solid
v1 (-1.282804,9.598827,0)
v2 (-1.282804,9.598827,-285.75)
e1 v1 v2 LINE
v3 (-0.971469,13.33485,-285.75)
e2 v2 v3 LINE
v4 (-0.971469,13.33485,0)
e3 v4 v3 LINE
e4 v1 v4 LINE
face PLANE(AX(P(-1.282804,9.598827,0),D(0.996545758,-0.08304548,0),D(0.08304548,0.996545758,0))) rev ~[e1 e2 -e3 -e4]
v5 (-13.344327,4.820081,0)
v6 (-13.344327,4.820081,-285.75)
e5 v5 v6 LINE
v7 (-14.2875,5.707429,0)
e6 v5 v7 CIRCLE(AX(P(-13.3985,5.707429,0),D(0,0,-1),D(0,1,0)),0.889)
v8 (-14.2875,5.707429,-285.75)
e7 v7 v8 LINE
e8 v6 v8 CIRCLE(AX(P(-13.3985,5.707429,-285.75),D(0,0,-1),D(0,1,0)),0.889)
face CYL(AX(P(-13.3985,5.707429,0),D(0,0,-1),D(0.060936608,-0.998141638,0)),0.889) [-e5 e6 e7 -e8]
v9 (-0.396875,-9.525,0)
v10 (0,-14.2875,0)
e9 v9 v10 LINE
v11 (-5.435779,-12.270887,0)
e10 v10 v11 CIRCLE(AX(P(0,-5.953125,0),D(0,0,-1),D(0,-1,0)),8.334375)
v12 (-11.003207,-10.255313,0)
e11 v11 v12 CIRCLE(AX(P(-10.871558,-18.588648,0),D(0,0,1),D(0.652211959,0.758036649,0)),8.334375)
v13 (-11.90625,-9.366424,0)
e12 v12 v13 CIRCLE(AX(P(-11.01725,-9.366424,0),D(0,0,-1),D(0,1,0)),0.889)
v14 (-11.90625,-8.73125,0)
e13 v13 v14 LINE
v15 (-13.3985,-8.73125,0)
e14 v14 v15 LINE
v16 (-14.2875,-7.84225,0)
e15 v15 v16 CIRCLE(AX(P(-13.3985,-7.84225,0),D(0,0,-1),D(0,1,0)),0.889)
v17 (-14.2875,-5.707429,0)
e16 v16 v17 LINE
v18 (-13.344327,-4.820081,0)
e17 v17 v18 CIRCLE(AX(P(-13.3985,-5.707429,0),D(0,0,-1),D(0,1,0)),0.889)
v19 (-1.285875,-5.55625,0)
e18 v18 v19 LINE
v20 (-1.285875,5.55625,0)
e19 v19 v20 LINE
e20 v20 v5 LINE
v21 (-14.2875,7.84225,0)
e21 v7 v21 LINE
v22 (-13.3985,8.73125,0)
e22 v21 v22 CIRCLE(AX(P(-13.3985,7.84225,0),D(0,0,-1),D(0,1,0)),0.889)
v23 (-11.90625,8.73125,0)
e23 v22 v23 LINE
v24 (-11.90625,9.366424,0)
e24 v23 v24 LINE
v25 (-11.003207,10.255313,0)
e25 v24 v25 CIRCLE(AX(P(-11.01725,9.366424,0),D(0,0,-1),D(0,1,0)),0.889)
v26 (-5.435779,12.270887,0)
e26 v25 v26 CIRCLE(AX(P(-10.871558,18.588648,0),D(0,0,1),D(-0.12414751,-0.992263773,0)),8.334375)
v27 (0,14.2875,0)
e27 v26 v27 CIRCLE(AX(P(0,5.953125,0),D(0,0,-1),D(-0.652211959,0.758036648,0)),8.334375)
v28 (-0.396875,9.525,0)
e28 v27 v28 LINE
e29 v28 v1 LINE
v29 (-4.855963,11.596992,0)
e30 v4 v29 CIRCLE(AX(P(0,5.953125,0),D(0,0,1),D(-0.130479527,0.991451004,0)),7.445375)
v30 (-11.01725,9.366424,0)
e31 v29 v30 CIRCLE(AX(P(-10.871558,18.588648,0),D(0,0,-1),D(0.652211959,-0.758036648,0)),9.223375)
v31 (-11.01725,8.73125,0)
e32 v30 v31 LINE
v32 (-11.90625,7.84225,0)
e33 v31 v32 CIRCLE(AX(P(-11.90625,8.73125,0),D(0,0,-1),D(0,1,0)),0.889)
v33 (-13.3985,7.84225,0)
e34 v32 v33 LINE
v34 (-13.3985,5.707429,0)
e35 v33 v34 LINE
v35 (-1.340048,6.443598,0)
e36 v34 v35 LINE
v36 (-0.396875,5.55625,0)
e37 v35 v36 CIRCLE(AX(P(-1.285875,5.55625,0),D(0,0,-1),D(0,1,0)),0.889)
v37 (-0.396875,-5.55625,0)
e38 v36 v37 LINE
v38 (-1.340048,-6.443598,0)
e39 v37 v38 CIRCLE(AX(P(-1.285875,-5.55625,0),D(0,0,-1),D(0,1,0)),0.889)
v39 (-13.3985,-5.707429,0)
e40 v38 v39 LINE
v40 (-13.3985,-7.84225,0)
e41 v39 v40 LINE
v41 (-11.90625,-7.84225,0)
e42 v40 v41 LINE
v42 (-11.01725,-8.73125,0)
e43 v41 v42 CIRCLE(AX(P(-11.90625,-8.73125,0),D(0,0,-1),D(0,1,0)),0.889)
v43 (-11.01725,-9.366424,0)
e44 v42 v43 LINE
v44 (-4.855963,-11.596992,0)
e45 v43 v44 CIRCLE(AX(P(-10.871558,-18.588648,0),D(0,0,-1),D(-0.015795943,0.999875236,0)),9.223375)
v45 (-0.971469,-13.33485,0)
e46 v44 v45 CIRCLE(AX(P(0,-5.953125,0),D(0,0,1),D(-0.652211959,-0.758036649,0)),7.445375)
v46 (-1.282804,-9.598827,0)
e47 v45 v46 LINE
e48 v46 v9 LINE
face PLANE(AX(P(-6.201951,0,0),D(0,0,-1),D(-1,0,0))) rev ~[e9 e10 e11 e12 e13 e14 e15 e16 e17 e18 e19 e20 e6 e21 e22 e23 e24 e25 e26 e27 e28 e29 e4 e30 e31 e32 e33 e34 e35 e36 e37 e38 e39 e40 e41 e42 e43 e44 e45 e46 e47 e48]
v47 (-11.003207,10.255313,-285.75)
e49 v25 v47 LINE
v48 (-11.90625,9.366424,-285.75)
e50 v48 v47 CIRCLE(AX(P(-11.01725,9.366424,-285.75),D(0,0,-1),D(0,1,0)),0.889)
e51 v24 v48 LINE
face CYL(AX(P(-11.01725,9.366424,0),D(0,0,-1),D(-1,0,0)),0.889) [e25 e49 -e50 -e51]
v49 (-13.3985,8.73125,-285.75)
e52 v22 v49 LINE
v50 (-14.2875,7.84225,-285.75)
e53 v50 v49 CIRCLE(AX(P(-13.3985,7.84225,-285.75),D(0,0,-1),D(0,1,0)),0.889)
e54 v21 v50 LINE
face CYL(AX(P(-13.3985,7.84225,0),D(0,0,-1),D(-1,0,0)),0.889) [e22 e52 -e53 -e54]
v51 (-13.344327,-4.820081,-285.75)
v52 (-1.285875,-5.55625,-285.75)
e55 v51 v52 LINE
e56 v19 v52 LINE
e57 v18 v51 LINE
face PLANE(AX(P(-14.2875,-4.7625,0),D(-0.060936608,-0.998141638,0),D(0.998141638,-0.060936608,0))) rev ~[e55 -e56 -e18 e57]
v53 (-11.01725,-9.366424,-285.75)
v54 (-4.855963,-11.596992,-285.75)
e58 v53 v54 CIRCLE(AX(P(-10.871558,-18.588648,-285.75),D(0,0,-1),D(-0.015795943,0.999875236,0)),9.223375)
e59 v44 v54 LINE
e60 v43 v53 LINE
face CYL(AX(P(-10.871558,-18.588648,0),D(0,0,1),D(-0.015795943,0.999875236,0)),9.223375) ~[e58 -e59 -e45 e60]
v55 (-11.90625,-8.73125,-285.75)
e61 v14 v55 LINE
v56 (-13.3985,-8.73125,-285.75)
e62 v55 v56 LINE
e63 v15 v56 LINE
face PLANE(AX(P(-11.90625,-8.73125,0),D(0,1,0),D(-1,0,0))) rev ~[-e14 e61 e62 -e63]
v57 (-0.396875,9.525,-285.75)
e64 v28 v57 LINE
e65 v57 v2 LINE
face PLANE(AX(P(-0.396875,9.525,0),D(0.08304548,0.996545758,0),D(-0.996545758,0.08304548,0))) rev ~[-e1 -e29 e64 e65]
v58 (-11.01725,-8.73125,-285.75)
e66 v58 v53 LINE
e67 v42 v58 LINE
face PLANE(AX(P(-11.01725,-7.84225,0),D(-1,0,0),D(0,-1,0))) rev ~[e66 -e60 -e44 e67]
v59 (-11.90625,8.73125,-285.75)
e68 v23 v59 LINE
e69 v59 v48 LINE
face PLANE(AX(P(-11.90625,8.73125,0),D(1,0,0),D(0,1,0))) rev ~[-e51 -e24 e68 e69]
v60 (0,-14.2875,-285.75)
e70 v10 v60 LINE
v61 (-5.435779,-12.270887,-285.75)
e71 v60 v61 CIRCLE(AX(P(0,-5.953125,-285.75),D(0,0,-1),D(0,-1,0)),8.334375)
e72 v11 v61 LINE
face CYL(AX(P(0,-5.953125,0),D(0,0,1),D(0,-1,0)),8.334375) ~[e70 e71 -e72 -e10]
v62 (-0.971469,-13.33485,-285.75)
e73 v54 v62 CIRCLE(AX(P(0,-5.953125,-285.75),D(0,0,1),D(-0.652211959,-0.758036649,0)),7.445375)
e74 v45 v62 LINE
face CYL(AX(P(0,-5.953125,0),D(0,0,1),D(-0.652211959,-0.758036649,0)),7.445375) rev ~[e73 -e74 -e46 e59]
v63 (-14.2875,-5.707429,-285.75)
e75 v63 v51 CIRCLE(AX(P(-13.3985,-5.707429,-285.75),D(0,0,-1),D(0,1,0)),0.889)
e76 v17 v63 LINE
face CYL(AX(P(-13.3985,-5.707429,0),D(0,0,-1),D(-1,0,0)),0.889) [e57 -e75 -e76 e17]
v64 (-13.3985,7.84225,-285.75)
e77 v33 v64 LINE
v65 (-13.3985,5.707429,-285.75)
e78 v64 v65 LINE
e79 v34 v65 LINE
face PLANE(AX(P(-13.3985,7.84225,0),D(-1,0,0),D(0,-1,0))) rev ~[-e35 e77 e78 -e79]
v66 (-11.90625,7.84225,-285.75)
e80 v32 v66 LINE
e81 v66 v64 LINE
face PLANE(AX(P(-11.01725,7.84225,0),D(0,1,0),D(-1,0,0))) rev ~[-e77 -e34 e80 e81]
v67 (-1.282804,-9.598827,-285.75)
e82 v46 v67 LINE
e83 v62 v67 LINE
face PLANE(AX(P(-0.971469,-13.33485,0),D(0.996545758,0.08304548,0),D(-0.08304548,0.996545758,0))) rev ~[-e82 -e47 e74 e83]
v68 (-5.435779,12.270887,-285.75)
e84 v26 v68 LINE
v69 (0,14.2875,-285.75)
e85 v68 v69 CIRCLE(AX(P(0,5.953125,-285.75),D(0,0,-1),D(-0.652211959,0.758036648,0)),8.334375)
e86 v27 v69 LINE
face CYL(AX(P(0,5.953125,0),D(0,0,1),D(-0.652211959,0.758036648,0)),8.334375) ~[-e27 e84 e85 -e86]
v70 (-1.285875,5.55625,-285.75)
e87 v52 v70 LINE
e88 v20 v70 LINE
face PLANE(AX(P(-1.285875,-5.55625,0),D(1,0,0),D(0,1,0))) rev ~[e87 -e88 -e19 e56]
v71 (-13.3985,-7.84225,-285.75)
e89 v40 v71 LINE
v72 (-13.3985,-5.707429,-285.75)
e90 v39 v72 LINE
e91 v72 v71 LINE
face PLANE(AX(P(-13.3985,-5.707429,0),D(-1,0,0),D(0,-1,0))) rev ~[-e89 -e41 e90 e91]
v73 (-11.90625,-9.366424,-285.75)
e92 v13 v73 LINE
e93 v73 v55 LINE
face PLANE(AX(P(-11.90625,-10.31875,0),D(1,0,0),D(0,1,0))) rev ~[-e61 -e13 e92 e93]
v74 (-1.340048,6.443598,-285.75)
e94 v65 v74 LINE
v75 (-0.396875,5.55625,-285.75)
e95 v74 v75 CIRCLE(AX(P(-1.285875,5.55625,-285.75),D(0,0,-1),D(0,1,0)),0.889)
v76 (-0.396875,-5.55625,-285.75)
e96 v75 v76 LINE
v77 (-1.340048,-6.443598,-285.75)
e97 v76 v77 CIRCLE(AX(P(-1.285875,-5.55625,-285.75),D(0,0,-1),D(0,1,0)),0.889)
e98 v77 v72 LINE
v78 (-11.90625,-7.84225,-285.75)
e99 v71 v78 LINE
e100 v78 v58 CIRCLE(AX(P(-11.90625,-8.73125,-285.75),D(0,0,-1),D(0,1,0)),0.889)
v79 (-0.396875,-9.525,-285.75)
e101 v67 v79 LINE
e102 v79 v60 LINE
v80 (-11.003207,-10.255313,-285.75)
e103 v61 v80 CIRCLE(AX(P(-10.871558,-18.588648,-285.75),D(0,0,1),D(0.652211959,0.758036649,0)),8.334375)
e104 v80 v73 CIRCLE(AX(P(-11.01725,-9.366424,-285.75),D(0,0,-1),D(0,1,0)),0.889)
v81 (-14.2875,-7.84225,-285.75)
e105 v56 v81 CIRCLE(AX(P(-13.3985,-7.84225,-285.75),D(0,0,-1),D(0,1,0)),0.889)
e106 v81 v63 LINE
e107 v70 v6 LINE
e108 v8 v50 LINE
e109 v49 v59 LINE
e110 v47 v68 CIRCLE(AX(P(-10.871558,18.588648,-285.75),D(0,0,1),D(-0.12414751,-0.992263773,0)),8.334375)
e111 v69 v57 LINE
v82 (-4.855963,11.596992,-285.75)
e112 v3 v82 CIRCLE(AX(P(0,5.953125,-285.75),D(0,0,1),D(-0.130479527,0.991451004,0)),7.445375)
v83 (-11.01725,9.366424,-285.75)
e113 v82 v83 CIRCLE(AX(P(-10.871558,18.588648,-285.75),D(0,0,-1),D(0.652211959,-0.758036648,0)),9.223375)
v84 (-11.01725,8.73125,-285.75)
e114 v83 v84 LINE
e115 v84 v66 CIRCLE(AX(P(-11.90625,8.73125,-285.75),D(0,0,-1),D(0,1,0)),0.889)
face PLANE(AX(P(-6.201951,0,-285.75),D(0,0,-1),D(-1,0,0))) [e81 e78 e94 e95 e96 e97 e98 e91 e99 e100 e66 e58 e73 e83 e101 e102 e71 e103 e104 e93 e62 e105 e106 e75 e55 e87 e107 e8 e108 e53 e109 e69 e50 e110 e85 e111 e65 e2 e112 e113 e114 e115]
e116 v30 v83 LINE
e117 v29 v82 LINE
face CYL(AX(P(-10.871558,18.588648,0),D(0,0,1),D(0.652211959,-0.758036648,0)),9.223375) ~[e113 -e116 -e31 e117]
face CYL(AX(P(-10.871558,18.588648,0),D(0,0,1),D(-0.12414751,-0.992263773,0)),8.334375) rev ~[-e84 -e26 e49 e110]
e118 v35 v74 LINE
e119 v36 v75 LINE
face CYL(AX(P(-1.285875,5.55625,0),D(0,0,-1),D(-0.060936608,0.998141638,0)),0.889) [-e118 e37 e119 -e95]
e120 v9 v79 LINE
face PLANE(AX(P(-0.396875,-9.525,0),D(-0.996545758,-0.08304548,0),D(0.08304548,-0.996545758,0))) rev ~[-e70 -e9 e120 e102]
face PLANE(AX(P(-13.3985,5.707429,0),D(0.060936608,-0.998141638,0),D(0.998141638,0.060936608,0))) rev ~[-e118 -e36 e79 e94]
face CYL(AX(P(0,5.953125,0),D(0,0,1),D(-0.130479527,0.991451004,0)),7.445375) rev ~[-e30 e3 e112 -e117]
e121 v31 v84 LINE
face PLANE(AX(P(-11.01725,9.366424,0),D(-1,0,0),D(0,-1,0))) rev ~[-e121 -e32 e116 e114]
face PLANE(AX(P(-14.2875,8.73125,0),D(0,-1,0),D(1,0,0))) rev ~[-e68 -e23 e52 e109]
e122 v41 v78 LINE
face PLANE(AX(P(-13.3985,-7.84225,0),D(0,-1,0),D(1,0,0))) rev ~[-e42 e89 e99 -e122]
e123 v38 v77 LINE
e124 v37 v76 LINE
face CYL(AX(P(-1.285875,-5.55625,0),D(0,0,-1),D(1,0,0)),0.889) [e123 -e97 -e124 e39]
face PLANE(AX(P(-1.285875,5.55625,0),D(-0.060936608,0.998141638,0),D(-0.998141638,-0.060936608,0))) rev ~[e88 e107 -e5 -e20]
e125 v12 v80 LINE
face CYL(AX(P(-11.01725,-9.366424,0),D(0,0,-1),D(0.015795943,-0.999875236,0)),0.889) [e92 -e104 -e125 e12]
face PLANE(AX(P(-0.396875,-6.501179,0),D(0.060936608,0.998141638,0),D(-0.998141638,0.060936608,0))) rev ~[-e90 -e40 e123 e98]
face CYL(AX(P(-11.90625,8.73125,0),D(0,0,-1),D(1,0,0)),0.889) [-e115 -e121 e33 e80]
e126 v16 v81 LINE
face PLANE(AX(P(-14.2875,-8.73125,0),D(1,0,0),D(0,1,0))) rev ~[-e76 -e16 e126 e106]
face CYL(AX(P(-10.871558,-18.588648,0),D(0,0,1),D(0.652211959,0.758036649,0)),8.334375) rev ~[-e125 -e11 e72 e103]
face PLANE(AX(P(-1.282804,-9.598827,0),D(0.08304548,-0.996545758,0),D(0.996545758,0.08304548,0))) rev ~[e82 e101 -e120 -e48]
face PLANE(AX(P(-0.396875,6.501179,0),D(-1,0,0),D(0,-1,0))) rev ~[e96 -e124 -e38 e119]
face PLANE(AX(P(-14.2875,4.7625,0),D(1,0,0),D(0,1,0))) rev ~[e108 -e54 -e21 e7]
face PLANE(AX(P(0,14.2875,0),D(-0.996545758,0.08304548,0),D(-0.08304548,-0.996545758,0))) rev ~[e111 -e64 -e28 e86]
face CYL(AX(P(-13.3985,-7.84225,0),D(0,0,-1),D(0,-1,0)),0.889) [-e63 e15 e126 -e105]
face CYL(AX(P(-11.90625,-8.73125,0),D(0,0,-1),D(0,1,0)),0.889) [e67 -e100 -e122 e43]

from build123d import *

# Parameters (mm, degrees)
EXTRUDE_THIN1_DEPTH = 285.75
FILLET1_R           = 0.889


with BuildPart() as part:
    # Sketch1 → Extrude-Thin1 (new body)
    with BuildSketch(Plane.XY):
        with BuildLine():
            Line((-0.396875, -9.525), (0, -14.2875))
            ThreePointArc((0, -14.2875), (-2.898897336, -13.767099717), (-5.435779046, -12.270886692))
            ThreePointArc((-5.435779046, -12.270886692), (-8.464256404, -10.6095065), (-11.90625, -10.31875))
            Line((-11.90625, -10.31875), (-11.90625, -8.73125))
            Line((-11.90625, -8.73125), (-14.2875, -8.73125))
            Line((-14.2875, -8.73125), (-14.2875, -4.7625))
            Line((-14.2875, -4.7625), (-1.285875, -5.55625))
            Line((-1.285875, -5.55625), (-1.285875, 5.55625))
            Line((-1.285875, 5.55625), (-14.2875, 4.7625))
            Line((-14.2875, 4.7625), (-14.2875, 8.73125))
            Line((-14.2875, 8.73125), (-11.90625, 8.73125))
            Line((-11.90625, 8.73125), (-11.90625, 10.31875))
            ThreePointArc((-11.90625, 10.31875), (-8.464256404, 10.6095065), (-5.435779046, 12.270886692))
            ThreePointArc((-5.435779046, 12.270886692), (-2.898897336, 13.767099717), (0, 14.2875))
            Line((0, 14.2875), (-0.396875, 9.525))
            Line((-0.396875, 9.525), (-1.282804179, 9.598827432))
            Line((-1.282804179, 9.598827432), (-0.971469005, 13.334849518))
            ThreePointArc((-0.971469005, 13.334849518), (-3.040522473, 12.749361604), (-4.855962615, 11.596992112))
            ThreePointArc((-4.855962615, 11.596992112), (-7.731844672, 9.916114382), (-11.01725, 9.366424127))
            Line((-11.01725, 9.366424127), (-11.01725, 7.84225))
            Line((-11.01725, 7.84225), (-13.3985, 7.84225))
            Line((-13.3985, 7.84225), (-13.3985, 5.707428664))
            Line((-13.3985, 5.707428664), (-0.396875, 6.501178664))
            Line((-0.396875, 6.501178664), (-0.396875, -6.501178664))
            Line((-0.396875, -6.501178664), (-13.3985, -5.707428664))
            Line((-13.3985, -5.707428664), (-13.3985, -7.84225))
            Line((-13.3985, -7.84225), (-11.01725, -7.84225))
            Line((-11.01725, -7.84225), (-11.01725, -9.366424127))
            ThreePointArc((-11.01725, -9.366424127), (-7.731844672, -9.916114382), (-4.855962615, -11.596992112))
            ThreePointArc((-4.855962615, -11.596992112), (-3.040522473, -12.749361604), (-0.971469005, -13.334849518))
            Line((-0.971469005, -13.334849518), (-1.282804179, -9.598827432))
            Line((-1.282804179, -9.598827432), (-0.396875, -9.525))
        make_face()
    extrude(amount=-EXTRUDE_THIN1_DEPTH)

    # Fillet1
    fillet1_edges = [part.edges().sort_by_distance(p)[0] for p in [
        (-11.90625, -10.31875, -142.875),
        (-14.2875, -8.73125, -142.875),
        (-14.2875, -4.7625, -142.875),
        (-14.2875, 4.7625, -142.875),
        (-14.2875, 8.73125, -142.875),
        (-11.90625, 10.31875, -142.875),
        (-11.01725, 7.84225, -142.875),
        (-0.396875, 6.501178664, -142.875),
        (-0.396875, -6.501178664, -142.875),
        (-11.01725, -7.84225, -142.875),
    ]]
    fillet(fillet1_edges, radius=FILLET1_R)


solid = part.part
